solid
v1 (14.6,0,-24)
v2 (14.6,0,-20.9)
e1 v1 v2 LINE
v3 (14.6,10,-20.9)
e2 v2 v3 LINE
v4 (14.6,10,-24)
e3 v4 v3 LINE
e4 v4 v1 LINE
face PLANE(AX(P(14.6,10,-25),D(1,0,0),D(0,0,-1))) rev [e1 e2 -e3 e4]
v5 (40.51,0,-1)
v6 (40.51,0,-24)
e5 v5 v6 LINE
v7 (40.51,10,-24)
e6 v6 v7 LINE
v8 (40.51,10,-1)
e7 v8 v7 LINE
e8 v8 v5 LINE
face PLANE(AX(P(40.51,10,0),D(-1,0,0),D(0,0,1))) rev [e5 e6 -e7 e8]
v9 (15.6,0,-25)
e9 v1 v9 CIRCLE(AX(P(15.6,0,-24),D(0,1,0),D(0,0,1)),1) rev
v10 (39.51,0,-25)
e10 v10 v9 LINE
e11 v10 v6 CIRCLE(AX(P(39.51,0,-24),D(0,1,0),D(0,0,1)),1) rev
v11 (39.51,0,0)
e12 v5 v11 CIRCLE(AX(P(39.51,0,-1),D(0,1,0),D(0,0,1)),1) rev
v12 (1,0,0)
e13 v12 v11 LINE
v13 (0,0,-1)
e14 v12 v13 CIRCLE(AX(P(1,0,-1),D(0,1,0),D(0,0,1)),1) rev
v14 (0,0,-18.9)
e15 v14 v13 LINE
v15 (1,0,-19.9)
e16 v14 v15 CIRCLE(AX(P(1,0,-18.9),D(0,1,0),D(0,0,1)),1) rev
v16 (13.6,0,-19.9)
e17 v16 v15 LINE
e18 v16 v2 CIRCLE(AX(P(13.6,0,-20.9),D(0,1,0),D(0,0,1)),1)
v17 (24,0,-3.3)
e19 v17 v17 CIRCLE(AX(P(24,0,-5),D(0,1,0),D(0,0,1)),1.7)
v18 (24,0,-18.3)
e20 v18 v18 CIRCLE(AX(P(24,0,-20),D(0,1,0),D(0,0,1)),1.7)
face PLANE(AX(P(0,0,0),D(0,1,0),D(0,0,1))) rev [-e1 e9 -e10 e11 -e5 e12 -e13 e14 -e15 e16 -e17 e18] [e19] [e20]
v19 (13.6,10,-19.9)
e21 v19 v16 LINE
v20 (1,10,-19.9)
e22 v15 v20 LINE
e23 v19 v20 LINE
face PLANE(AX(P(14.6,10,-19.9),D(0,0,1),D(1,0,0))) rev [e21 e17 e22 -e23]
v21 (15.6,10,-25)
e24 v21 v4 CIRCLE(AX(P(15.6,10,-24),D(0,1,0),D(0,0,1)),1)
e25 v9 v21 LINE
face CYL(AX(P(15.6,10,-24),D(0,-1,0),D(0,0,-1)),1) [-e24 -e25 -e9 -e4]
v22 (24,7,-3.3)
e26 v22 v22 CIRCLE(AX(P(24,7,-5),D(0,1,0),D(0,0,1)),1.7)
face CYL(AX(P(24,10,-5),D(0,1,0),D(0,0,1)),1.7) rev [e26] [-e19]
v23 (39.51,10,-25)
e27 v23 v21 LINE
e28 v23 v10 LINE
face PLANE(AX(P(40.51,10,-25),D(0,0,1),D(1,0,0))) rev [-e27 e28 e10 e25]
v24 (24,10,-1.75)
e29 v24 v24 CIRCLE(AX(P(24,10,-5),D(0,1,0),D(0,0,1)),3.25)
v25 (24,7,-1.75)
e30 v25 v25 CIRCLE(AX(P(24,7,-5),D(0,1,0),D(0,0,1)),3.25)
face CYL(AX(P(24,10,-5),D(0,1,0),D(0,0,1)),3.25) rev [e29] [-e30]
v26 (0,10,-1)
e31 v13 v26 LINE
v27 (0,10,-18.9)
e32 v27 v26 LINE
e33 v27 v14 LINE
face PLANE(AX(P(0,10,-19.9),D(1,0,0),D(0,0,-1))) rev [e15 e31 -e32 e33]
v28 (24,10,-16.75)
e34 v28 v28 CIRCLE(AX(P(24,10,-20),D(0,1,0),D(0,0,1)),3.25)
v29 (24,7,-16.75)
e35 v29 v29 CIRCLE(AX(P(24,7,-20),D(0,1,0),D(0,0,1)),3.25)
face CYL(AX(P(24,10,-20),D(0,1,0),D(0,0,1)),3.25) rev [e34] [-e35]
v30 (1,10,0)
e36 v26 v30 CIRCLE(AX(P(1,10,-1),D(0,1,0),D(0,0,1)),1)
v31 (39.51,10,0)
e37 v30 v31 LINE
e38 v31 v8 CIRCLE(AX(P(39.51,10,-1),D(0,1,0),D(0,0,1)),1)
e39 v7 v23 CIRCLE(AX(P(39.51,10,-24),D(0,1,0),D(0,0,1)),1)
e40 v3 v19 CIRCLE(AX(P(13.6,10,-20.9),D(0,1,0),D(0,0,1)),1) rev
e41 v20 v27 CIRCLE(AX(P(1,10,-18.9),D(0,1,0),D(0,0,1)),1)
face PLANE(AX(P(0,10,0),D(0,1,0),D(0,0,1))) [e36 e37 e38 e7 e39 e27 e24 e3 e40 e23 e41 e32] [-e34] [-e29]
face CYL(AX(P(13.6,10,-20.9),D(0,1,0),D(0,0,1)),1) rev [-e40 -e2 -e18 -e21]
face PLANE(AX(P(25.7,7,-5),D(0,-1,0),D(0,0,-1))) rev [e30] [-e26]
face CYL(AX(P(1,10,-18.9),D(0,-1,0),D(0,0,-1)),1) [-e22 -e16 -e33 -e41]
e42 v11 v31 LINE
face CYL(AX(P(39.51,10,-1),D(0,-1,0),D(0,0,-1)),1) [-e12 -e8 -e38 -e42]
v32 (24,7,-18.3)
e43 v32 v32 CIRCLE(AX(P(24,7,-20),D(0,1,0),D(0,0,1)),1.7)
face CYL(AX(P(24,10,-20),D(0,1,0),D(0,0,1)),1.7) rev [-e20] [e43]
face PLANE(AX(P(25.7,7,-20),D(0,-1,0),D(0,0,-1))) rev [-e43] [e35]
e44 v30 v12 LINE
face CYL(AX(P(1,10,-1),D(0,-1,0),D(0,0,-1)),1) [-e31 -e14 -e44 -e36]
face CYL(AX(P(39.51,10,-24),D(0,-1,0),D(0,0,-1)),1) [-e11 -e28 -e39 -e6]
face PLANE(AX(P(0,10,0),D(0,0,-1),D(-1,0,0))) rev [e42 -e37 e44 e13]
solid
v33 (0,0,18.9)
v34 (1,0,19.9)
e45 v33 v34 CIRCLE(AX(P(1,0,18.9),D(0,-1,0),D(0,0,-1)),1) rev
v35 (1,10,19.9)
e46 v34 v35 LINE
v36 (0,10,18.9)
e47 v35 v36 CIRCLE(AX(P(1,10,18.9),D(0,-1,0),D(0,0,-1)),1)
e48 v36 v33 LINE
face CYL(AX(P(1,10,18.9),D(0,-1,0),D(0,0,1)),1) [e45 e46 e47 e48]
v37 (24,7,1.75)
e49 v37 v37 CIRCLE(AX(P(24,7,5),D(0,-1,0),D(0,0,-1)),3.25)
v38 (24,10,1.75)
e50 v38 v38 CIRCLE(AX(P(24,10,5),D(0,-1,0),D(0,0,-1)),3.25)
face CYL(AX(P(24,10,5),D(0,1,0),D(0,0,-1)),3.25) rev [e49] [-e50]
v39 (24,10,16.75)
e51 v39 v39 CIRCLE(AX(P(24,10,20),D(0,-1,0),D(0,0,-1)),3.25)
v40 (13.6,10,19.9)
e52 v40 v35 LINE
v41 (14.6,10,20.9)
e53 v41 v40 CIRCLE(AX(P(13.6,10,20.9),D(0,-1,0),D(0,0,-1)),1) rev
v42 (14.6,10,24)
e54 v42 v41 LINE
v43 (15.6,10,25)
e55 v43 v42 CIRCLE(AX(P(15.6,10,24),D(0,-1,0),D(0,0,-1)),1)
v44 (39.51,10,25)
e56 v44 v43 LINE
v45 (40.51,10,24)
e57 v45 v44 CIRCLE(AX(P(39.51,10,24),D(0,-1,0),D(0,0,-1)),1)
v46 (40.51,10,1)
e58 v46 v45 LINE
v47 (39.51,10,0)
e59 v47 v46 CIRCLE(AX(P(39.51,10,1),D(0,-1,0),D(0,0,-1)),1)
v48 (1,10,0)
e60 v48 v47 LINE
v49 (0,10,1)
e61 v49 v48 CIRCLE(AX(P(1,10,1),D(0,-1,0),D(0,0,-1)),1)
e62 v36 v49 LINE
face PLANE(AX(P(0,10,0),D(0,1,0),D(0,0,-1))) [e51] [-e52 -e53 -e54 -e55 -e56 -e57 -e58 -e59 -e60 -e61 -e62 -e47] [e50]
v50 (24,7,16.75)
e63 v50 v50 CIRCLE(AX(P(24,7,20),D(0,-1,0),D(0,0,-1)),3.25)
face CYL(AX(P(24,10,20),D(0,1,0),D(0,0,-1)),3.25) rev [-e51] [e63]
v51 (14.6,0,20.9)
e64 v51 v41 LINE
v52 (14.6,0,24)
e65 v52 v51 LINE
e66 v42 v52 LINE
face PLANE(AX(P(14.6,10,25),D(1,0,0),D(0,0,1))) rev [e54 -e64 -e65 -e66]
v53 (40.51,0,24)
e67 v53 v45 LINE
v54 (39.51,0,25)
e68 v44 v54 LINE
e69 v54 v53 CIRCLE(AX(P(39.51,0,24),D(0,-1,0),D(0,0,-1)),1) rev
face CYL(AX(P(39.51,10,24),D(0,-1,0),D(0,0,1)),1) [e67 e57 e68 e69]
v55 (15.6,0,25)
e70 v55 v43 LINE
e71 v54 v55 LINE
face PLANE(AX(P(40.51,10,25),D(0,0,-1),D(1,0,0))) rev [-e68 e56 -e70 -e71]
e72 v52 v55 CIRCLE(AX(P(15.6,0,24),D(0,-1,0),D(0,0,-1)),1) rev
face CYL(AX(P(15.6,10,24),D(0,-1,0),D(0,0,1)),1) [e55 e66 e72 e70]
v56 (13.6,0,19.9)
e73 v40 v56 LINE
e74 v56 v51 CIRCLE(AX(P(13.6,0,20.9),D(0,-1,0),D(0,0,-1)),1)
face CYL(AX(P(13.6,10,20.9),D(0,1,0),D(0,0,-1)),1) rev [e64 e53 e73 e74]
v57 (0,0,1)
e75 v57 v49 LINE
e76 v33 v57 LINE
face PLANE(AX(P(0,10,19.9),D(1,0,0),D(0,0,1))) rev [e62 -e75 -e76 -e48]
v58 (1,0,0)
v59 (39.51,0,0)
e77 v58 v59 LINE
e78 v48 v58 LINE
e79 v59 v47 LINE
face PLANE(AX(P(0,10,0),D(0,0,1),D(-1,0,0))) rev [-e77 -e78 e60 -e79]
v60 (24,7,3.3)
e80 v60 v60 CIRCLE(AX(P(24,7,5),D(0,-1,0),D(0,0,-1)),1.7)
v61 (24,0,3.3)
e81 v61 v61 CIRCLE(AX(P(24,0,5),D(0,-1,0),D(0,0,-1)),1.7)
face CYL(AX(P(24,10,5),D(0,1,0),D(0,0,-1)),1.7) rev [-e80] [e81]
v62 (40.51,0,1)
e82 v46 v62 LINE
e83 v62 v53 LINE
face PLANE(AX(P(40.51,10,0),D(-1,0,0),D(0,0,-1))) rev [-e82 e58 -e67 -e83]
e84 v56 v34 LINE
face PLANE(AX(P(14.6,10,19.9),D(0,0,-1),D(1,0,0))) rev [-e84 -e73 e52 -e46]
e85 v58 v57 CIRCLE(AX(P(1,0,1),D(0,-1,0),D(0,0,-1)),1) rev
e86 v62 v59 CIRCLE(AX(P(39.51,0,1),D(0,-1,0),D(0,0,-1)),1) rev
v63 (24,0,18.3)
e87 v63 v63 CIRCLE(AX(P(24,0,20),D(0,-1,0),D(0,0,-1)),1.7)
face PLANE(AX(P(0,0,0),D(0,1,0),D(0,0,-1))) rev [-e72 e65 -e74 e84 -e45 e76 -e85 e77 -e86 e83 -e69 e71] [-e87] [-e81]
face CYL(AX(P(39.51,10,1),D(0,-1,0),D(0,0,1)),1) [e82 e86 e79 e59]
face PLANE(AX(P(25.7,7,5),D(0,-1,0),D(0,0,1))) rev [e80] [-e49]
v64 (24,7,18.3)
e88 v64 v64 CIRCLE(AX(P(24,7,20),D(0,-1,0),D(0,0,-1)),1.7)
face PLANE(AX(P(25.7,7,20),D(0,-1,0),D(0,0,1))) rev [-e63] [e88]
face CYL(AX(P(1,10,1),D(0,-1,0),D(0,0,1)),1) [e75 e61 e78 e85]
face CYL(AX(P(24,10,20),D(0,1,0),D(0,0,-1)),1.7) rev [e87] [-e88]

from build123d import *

# Parameters (mm, degrees)
BOSS_EXTRUDE1_DEPTH            = 10
FILLET1_R                      = 1
CBORE_FOR_M3_SHCS1_D           = 3.4
CBORE_FOR_M3_SHCS1_DEPTH       = 10
CBORE_FOR_M3_SHCS1_CBORE_D     = 6.5
CBORE_FOR_M3_SHCS1_CBORE_DEPTH = 3


with BuildPart() as part:
    # Sketch1 → Boss-Extrude1 (new body)
    with BuildSketch(Plane(origin=(0, 0, 0), x_dir=(1, 0, 0), z_dir=(0, 1, 0))):
        Polygon((0, 0), (40.51, 0), (40.51, 25), (14.6, 25), (14.6, 19.9), (0, 19.9), align=None)
    extrude(amount=BOSS_EXTRUDE1_DEPTH)

    # Fillet1
    fillet1_edges = [part.edges().sort_by_distance(p)[0] for p in [
        (0, 5, -19.9),
        (14.6, 5, -19.9),
        (14.6, 5, -25),
        (40.51, 5, -25),
        (40.51, 5, 0),
        (0, 5, 0),
    ]]
    fillet(fillet1_edges, radius=FILLET1_R)

    # CBORE for M3 SHCS1
    with Locations(Plane(origin=(0, 10, 0), x_dir=(1, 0, 0), z_dir=(0, 1, 0))):
        with Locations((24, 20), (24, 5)):
            CounterBoreHole(CBORE_FOR_M3_SHCS1_D / 2, CBORE_FOR_M3_SHCS1_CBORE_D / 2, CBORE_FOR_M3_SHCS1_CBORE_DEPTH, depth=CBORE_FOR_M3_SHCS1_DEPTH)


with BuildPart() as body_2:
    # Mirror1: mirrored copy
    add(part.part.mirror(Plane(origin=(0, 10, 0), x_dir=(1, 0, 0), z_dir=(0, 0, -1))))


solid = Compound([part.part, body_2.part])
